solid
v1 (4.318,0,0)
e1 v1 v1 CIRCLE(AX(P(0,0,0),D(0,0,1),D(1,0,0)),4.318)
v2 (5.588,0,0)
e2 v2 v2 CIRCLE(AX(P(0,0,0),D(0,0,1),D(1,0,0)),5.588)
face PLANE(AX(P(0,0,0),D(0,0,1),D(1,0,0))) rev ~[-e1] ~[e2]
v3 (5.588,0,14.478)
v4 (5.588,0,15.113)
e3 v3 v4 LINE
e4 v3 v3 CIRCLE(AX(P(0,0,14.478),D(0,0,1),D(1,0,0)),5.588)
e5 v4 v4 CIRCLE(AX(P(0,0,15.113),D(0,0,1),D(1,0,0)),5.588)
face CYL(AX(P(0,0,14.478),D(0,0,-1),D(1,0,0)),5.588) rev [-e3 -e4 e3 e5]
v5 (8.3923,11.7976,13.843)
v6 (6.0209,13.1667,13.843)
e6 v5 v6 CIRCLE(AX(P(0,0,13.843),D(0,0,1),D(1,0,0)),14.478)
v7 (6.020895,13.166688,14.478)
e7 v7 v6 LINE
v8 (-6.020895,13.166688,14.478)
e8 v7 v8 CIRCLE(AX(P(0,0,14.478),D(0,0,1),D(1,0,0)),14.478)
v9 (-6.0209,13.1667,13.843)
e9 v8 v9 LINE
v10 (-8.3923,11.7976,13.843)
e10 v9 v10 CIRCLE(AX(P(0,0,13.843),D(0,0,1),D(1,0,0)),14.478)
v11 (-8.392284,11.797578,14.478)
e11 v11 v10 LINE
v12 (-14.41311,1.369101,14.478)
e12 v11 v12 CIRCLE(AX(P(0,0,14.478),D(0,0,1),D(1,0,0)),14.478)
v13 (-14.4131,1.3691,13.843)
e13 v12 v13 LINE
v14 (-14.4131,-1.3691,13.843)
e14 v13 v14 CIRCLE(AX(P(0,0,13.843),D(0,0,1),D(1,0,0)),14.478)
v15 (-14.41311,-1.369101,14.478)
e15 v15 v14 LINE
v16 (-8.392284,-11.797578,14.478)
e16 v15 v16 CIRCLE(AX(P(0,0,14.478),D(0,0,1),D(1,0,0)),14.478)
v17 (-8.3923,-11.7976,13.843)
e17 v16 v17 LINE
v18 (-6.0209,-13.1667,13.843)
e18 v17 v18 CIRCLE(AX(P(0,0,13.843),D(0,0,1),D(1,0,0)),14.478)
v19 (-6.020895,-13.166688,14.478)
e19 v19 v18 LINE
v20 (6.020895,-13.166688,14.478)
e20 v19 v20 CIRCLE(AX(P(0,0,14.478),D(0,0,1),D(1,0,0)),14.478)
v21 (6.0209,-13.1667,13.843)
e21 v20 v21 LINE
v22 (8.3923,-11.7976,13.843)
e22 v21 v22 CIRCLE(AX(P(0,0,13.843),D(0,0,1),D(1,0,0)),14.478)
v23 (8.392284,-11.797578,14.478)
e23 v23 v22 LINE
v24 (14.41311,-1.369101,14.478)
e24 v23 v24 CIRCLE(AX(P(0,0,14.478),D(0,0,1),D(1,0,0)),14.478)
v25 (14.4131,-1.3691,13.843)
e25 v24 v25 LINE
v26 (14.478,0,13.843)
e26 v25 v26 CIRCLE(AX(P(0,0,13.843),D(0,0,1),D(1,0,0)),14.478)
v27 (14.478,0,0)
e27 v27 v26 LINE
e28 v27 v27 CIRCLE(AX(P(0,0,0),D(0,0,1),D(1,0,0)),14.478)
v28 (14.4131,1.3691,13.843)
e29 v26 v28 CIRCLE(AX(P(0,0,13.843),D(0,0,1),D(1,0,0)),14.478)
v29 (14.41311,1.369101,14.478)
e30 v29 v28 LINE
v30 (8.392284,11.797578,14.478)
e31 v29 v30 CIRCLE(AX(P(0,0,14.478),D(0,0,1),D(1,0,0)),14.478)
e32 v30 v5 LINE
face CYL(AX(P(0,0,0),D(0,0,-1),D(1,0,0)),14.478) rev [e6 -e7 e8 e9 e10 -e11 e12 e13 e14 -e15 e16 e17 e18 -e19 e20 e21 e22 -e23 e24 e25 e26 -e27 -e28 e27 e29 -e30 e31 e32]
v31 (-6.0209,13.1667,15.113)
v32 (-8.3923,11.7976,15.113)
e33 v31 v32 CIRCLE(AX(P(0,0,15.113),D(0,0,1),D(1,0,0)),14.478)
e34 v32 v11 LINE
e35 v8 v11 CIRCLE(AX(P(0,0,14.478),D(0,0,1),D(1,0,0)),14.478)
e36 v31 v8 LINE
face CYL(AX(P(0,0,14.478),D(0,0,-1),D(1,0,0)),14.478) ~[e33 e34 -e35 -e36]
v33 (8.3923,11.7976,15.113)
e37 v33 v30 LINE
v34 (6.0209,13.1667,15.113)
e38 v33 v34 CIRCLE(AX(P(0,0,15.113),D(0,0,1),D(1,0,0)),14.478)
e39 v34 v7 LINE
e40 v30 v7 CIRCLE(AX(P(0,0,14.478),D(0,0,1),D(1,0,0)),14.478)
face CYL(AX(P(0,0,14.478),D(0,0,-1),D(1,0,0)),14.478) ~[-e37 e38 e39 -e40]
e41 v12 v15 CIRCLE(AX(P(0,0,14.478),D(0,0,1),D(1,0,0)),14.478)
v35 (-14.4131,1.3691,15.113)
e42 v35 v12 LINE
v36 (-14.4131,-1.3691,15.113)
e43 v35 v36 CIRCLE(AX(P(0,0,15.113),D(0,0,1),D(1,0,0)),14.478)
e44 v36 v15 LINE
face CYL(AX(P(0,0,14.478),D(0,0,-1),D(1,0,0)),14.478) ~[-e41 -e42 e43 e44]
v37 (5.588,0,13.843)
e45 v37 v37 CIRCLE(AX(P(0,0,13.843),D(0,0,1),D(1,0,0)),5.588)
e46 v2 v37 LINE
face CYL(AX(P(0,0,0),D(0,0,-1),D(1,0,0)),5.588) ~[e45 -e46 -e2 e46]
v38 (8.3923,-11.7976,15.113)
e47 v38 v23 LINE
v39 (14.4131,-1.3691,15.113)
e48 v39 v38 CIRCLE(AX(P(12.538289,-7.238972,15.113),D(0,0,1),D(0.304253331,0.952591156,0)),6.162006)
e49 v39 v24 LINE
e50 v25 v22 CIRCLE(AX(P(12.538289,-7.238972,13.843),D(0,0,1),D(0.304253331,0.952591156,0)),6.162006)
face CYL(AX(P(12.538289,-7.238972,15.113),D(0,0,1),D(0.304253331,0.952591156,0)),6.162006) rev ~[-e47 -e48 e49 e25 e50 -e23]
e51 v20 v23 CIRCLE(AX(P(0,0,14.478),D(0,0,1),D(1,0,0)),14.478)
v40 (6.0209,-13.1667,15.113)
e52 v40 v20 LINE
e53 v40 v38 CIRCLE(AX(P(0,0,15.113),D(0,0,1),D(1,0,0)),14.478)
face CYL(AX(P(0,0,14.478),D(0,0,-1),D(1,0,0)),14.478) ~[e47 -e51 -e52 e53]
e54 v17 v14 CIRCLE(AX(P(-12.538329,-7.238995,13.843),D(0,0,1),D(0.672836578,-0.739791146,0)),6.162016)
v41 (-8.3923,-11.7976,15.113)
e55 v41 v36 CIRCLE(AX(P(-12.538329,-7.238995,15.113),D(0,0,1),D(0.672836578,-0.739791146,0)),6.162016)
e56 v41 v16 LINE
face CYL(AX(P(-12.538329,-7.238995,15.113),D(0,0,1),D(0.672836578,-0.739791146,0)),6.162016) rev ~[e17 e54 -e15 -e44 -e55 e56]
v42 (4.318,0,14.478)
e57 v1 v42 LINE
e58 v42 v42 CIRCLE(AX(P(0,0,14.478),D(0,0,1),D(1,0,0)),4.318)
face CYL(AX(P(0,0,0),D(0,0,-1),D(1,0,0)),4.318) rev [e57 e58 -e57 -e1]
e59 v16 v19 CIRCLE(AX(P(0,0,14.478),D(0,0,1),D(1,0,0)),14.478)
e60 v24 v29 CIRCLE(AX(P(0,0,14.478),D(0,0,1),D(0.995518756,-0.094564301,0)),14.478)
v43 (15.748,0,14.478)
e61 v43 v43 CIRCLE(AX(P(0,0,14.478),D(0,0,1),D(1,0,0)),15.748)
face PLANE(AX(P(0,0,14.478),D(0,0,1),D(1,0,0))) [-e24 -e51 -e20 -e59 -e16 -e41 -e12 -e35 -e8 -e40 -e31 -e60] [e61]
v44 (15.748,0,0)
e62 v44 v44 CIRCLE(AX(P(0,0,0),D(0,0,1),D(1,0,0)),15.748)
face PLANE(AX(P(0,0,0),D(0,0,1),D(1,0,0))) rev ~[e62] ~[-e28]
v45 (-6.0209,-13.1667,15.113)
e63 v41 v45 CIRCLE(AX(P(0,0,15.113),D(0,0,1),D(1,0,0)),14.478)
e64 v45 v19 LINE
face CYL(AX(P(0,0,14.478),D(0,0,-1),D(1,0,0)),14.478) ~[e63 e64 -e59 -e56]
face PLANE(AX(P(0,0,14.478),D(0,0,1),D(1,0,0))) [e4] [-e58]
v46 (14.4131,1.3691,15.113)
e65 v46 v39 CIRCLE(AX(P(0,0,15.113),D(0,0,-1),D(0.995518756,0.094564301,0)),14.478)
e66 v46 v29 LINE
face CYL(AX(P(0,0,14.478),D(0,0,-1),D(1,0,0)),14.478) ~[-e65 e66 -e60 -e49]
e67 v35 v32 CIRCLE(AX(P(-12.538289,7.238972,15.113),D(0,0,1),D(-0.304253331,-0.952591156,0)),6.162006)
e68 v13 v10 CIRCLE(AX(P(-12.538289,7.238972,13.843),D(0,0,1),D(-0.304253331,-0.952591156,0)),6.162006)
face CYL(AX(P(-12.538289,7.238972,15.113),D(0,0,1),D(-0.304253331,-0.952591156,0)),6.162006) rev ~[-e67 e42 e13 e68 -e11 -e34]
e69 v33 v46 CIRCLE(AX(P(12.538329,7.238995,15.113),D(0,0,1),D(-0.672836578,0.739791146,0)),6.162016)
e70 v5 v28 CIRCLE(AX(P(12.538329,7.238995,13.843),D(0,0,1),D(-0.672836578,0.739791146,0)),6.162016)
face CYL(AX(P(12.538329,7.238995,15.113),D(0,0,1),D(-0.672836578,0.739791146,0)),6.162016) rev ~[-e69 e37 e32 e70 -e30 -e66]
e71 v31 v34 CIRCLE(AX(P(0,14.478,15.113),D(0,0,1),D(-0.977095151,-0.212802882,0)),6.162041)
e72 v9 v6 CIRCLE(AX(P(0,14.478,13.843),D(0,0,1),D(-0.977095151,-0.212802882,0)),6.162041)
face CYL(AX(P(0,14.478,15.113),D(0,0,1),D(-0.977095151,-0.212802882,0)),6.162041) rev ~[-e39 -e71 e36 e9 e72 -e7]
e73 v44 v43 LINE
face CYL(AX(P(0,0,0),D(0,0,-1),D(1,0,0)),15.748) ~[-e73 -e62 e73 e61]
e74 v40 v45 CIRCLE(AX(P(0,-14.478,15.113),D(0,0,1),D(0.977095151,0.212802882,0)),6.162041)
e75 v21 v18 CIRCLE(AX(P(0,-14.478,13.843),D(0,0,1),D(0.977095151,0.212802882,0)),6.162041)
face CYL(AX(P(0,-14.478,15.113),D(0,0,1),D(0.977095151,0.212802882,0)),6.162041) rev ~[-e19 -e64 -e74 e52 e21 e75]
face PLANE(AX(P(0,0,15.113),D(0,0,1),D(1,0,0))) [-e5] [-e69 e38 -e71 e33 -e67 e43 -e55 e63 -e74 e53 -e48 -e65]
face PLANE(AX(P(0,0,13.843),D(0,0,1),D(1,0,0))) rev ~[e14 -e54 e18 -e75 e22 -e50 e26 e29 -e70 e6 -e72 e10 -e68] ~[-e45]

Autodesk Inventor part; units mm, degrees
ref_plane "YZ Plane" through (0, 0, 0) normal (1, 0, 0) x (0, 1, 0)
ref_plane "XZ Plane" through (0, 0, 0) normal (0, 1, 0) x (-1, 0, 0)
ref_plane "XY Plane" through (0, 0, 0) normal (0, 0, 1) x (1, 0, 0)
sketch "Sketch1" plane through (0, 0, 0) normal (0, 0, 1) x (1, 0, 0)
  circle A0 centre (0, 0) radius 5.588
  circle A1 centre (0, 0) radius 4.318
  circle A2 centre (0, 0) radius 14.478
  circle A3 centre (0, 0) radius 15.748
  dimension "d0" = 11.176
  dimension "d1" = 1.27
  dimension "d2" = 8.89
  dimension "d3" = 1.27
extrude "Extrusion1" add sketch "Sketch1" along normal blind 14.478
ref_plane "Work Plane1" through (0, 0, 0) normal (0, 0, -1) x (-1, 0, 0)
sketch "Sketch2" plane through (0, 0, 14.478) normal (0, 0, 1) x (1, 0, 0)
  circle A0 centre (0, 0) radius 15.748 projected
  circle A1 centre (0, 0) radius 14.478 projected
  circle A2 centre (0, 0) radius 5.588 projected
  circle A3 centre (0, 0) radius 4.318 projected
extrude "Extrusion2" add sketch "Sketch2" along normal mid plane 1.27 contours A1
sketch "Sketch3" plane through (0, 0, 15.113) normal (0, 0, 1) x (1, 0, 0)
  circle A0 centre (0, 0) radius 14.478 projected
  arc A1 (-6.0209, 13.1667) -> (6.0209, 13.1667) centre (0, 14.478) ccw
  arc A2 (-14.4131, 1.3691) -> (-8.3923, 11.7976) centre (-12.5383, 7.239) ccw
  arc A3 (-8.3923, -11.7976) -> (-14.4131, -1.3691) centre (-12.5383, -7.239) ccw
  arc A4 (6.0209, -13.1667) -> (-6.0209, -13.1667) centre (0, -14.478) ccw
  arc A5 (14.4131, -1.3691) -> (8.3923, -11.7976) centre (12.5383, -7.239) ccw
  arc A6 (8.3923, 11.7976) -> (14.4131, 1.3691) centre (12.5383, 7.239) ccw
  point P0 (14.4131, 1.3691)
  point P1 (-8.3923, 11.7976)
  point P2 (-14.4131, 1.3691)
  point P3 (-14.4131, -1.3691)
  point P4 (-8.3923, -11.7976)
  point P5 (6.0209, -13.1667)
  point P6 (14.4131, -1.3691)
  dimension "d11" = 360
extrude "Extrusion4" cut sketch "Sketch3" against normal blind 1.27 contours A6 A0 | A0 A5 | A1 A0 | A0 A4 | A2 A0 | A0 A3
properties part number "wheel" material "Iron, Cast"
